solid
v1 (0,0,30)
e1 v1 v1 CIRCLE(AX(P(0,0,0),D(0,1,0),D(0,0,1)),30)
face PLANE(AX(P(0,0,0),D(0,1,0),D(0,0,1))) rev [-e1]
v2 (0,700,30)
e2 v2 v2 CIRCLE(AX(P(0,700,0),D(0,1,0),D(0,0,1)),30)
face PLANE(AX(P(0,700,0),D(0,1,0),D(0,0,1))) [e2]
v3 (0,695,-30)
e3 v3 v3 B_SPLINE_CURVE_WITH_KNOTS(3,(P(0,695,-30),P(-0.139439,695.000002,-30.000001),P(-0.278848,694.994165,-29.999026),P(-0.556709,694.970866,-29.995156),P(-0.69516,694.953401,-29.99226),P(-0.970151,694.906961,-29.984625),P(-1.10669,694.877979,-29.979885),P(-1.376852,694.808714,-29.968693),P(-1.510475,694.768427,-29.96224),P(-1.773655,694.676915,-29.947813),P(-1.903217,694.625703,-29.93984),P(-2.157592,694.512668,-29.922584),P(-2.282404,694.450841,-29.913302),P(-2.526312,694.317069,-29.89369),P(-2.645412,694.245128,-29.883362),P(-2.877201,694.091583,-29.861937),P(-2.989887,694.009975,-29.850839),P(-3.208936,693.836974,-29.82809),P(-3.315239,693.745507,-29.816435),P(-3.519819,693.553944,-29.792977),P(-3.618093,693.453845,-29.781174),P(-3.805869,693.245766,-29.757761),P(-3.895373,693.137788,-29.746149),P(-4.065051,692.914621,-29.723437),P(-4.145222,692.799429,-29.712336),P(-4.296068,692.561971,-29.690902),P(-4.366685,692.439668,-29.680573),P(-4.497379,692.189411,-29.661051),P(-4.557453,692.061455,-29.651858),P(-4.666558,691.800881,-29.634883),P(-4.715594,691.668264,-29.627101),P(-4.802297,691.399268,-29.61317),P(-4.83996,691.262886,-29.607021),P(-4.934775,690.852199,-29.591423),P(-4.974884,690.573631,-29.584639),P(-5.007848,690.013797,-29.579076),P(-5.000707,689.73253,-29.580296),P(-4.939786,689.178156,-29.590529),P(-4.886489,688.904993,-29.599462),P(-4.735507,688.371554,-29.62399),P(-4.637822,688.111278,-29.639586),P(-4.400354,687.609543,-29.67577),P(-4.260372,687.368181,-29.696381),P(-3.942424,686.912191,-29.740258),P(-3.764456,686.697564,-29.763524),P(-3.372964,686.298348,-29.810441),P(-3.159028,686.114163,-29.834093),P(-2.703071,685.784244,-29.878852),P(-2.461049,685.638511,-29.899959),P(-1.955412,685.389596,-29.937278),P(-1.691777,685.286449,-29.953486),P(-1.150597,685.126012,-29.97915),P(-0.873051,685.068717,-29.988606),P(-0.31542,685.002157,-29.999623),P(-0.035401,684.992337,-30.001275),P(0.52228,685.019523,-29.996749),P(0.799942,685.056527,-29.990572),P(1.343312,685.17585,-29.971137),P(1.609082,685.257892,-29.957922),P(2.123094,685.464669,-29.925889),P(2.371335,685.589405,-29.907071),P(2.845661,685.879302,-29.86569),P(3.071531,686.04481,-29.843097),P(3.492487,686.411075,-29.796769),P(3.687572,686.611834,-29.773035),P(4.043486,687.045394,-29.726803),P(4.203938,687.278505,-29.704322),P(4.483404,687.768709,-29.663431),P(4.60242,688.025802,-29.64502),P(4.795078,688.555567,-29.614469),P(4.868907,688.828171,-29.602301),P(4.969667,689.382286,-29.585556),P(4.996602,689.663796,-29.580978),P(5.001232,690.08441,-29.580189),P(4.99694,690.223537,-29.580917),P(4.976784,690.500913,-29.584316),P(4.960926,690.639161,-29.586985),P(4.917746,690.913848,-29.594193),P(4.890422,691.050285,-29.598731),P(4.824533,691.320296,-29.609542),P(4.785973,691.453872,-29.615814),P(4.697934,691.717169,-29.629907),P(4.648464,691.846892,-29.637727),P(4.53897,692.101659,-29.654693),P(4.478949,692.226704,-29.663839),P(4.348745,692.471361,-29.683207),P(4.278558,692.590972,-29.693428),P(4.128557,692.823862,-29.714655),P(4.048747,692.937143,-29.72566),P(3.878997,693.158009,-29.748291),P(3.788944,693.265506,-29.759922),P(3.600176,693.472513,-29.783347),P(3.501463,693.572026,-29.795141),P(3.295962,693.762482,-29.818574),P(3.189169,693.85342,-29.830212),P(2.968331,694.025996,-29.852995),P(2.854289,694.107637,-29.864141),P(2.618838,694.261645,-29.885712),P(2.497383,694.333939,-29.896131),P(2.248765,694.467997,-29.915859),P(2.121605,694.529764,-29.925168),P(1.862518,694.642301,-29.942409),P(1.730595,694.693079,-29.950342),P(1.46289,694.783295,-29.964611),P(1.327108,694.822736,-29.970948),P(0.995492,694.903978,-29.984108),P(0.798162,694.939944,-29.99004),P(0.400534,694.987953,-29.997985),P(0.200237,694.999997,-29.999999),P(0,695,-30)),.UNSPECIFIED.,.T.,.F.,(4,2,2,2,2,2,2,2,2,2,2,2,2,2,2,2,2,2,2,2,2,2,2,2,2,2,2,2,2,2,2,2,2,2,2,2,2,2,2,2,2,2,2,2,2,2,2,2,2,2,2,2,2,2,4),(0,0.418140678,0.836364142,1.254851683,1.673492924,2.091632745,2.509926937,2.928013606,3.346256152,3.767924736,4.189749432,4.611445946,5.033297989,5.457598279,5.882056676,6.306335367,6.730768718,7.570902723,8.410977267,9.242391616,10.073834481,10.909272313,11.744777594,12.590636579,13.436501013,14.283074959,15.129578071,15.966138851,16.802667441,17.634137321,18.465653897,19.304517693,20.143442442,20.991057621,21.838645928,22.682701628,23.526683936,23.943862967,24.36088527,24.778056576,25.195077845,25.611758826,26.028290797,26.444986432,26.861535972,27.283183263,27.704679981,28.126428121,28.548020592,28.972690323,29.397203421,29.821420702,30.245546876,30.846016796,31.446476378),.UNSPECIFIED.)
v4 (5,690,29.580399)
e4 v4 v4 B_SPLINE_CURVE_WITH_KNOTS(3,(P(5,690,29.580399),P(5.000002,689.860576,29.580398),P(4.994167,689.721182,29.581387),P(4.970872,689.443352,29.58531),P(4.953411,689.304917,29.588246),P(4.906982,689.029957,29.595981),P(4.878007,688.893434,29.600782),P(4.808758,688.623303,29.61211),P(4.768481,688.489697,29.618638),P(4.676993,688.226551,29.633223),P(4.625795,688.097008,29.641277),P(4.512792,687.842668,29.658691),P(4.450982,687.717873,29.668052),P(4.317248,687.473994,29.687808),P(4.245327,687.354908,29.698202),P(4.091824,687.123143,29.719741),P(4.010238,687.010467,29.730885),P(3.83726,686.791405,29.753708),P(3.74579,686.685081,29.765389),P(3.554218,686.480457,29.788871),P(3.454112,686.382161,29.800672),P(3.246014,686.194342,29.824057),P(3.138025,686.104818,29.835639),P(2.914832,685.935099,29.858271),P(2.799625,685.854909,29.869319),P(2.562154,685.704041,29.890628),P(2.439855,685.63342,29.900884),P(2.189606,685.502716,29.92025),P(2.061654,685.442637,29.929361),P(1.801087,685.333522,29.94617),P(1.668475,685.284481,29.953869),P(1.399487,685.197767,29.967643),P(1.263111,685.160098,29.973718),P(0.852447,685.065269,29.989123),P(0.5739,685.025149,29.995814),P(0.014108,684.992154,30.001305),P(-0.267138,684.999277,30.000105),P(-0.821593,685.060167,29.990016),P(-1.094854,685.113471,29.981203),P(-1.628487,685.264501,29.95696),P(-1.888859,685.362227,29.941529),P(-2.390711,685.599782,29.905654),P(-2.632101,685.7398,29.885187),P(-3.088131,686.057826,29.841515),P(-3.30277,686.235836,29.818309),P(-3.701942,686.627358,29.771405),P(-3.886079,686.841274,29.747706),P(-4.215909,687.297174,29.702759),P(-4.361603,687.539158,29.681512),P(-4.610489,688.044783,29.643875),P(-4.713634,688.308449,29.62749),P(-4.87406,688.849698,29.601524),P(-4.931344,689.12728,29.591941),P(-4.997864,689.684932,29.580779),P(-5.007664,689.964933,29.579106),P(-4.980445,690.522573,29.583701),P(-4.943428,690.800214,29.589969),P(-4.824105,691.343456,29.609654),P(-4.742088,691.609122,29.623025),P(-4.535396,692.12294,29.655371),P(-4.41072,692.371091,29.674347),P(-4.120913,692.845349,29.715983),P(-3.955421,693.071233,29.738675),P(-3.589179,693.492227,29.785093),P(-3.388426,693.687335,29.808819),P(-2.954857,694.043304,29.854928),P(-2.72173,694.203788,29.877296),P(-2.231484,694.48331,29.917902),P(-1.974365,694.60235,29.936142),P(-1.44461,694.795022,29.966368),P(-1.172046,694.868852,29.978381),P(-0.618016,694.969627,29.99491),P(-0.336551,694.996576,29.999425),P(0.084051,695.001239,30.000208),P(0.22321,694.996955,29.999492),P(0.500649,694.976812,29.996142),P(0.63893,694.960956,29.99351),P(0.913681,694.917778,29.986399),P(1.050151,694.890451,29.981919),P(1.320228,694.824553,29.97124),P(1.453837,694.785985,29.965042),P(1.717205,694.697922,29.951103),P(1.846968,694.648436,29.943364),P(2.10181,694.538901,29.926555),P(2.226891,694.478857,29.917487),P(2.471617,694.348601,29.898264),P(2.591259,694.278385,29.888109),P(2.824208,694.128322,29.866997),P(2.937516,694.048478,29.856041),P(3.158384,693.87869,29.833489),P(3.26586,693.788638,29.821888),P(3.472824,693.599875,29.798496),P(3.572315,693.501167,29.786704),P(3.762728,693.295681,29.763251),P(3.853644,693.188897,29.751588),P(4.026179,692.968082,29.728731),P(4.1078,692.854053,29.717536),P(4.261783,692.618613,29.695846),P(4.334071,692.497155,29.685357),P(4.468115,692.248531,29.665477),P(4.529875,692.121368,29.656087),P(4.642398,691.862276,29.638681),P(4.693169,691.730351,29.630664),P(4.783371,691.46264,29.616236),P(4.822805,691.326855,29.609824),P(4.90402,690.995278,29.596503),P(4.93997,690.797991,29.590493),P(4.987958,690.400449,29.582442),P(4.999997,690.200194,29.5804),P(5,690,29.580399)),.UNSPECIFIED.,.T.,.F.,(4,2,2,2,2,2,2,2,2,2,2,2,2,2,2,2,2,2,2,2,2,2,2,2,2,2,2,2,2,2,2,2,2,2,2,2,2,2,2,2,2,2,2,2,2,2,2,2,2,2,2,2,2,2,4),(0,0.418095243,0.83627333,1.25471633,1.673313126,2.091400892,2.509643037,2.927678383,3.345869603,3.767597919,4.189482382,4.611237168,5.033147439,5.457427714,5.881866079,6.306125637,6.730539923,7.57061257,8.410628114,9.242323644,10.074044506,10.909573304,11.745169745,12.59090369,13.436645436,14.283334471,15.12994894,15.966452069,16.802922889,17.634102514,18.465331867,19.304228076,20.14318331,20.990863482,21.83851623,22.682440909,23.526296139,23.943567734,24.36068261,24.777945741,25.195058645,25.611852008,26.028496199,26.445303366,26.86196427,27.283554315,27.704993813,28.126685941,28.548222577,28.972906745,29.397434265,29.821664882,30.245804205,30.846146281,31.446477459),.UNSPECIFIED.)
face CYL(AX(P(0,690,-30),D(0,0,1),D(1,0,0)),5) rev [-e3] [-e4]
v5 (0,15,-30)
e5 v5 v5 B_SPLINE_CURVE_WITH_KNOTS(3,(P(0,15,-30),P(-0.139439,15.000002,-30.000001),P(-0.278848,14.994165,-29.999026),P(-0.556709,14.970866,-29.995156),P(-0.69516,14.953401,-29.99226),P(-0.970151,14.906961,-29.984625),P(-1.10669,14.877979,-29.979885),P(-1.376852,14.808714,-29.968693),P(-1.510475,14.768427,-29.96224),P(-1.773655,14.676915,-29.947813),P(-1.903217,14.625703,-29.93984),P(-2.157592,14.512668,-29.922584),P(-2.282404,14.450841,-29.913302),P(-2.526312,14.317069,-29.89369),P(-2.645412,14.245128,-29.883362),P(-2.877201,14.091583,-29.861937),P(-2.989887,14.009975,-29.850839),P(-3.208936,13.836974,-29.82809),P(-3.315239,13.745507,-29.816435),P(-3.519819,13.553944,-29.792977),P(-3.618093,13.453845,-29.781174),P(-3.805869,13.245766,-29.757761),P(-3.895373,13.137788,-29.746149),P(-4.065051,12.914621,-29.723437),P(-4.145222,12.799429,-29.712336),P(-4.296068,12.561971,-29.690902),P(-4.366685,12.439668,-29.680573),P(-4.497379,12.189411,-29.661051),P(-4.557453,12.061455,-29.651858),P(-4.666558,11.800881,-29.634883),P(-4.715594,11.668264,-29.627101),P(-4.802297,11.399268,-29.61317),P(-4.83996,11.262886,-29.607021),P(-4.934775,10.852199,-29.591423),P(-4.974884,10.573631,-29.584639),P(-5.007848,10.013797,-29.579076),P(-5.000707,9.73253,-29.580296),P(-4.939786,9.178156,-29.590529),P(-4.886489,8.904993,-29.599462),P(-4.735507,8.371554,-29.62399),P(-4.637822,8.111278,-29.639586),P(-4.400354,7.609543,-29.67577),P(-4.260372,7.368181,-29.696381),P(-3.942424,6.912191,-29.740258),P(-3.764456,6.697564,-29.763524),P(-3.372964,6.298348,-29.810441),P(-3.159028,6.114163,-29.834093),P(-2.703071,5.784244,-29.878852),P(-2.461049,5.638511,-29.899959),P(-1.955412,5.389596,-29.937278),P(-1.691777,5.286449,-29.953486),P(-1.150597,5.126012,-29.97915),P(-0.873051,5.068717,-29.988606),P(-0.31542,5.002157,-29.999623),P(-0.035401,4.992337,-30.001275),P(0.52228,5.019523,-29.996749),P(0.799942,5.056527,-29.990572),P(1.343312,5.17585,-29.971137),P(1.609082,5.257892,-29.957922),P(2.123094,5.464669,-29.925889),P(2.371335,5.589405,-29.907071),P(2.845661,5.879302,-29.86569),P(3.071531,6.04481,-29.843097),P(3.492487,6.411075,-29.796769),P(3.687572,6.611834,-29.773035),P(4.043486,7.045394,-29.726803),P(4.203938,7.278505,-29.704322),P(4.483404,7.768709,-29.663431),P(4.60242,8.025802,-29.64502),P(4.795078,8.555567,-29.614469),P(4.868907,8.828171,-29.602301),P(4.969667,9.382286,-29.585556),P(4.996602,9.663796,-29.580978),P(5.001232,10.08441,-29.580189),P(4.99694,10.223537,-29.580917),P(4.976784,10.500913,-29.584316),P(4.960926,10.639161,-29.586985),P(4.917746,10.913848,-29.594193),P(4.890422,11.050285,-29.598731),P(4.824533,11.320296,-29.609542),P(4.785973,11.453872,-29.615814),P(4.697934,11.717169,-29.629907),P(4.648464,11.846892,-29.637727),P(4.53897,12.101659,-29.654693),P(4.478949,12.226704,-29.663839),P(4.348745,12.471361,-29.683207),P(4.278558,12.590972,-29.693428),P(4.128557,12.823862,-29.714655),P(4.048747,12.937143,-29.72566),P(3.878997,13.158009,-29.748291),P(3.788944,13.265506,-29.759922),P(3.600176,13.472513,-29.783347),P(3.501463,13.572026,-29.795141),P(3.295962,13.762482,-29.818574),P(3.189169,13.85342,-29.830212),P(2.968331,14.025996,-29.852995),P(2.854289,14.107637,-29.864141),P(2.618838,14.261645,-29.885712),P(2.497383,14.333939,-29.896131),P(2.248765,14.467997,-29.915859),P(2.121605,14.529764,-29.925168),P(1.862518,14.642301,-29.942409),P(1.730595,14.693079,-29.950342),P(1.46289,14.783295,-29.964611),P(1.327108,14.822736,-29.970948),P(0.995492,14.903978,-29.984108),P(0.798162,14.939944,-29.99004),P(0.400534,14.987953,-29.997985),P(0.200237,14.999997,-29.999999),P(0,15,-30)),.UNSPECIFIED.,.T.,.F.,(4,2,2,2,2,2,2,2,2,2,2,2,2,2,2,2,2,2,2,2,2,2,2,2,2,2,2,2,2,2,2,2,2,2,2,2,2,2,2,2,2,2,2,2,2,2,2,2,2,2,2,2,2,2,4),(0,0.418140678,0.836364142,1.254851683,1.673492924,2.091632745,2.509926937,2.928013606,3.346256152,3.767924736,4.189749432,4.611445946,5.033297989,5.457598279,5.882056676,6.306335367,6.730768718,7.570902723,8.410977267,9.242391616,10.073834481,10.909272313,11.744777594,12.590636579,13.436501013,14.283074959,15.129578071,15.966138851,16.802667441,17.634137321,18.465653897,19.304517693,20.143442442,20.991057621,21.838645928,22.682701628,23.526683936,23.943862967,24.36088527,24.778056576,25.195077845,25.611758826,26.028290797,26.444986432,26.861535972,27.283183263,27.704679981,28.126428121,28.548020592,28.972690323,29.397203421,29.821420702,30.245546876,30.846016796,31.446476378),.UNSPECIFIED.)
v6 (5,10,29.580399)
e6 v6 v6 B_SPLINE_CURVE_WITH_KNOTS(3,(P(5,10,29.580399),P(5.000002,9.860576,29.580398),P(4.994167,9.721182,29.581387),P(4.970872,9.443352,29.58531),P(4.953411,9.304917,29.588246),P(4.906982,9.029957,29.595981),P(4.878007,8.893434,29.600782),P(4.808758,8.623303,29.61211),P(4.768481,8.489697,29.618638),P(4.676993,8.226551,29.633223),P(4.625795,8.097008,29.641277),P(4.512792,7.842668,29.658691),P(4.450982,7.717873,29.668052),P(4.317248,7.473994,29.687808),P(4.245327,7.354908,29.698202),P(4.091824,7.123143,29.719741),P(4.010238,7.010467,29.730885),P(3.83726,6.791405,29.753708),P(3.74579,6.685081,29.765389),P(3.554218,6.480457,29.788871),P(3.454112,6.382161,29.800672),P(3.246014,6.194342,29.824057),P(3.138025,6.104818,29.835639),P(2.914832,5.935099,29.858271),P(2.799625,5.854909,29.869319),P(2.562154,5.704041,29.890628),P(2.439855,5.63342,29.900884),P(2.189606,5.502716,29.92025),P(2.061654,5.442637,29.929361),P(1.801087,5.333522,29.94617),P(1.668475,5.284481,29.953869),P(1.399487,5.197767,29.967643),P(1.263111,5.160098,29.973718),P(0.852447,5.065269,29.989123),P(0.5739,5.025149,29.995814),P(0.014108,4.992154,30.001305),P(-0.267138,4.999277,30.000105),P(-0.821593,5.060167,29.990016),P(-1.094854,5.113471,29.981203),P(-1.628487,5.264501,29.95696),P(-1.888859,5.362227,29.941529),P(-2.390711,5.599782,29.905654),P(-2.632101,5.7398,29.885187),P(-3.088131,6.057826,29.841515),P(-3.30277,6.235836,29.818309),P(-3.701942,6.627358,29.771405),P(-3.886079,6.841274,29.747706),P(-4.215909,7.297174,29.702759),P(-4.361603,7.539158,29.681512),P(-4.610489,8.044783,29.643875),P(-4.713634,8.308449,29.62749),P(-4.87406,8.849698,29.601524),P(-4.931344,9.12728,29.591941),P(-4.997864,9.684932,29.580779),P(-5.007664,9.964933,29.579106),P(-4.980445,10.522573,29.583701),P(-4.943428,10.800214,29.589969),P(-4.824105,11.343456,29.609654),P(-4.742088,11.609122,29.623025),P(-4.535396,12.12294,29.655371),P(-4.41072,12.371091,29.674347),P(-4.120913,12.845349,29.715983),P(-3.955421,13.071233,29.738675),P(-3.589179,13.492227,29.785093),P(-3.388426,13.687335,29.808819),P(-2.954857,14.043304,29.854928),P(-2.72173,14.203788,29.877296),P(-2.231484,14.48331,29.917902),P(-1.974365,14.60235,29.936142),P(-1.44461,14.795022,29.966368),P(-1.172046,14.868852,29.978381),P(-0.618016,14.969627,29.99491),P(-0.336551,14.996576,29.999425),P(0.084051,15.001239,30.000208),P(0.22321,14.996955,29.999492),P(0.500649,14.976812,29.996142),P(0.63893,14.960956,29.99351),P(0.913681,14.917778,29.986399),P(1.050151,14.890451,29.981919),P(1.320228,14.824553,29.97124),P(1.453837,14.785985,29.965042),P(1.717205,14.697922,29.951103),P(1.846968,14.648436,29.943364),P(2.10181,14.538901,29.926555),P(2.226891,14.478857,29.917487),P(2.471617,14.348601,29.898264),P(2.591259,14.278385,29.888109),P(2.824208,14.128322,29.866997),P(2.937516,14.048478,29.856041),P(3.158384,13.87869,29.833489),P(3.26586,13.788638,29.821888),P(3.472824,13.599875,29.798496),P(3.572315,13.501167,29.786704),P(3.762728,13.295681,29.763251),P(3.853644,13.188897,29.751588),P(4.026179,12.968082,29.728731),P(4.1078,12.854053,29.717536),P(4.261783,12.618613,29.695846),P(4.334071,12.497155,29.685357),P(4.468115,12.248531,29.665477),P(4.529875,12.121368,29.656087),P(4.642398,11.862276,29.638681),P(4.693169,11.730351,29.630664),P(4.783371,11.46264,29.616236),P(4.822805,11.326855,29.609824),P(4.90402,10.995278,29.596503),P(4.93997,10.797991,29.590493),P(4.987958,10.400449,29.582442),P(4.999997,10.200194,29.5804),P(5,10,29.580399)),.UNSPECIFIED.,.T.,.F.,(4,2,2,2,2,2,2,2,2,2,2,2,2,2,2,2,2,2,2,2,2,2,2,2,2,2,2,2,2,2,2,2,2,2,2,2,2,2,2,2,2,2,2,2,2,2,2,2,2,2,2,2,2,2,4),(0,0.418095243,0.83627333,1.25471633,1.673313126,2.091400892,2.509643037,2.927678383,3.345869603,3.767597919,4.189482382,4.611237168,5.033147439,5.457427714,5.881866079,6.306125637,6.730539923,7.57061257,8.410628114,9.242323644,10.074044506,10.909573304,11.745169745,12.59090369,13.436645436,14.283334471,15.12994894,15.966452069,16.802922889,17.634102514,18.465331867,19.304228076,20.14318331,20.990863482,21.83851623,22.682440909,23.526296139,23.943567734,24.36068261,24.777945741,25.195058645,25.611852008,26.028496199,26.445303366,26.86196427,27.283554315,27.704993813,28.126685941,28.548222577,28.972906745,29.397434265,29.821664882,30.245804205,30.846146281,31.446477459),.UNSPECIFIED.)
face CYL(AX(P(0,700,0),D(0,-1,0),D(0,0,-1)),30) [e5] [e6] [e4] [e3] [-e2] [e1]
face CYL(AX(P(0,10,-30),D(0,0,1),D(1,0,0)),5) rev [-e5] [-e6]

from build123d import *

# Parameters (mm, degrees)
SKETCH1_R               = 30
BOSS_EXTRUDE1_DEPTH     = 700
CUT_EXTRUDE1_DEPTH      = 702.284535691
CUT_EXTRUDE1_DEPTH_BACK = 702.284535691
SKETCH2_R               = 5


with BuildPart() as part:
    # Sketch1 → Boss-Extrude1 (new body)
    with BuildSketch(Plane(origin=(0, 0, 0), x_dir=(1, 0, 0), z_dir=(0, 1, 0))):
        with Locations(Location((0, 0, 0), (0, 0, 270))):
            Circle(SKETCH1_R)
    extrude(amount=BOSS_EXTRUDE1_DEPTH)

    # Sketch2 → Cut-Extrude1 (cut, two sides: drawn at the far end of the back side and taken through both)
    with BuildSketch(Plane.XY.offset(-CUT_EXTRUDE1_DEPTH_BACK)):
        with Locations((0, 690)):
            Circle(SKETCH2_R)
        with Locations((0, 10)):
            Circle(SKETCH2_R)
    extrude(amount=CUT_EXTRUDE1_DEPTH + CUT_EXTRUDE1_DEPTH_BACK, mode=Mode.SUBTRACT)


solid = part.part
